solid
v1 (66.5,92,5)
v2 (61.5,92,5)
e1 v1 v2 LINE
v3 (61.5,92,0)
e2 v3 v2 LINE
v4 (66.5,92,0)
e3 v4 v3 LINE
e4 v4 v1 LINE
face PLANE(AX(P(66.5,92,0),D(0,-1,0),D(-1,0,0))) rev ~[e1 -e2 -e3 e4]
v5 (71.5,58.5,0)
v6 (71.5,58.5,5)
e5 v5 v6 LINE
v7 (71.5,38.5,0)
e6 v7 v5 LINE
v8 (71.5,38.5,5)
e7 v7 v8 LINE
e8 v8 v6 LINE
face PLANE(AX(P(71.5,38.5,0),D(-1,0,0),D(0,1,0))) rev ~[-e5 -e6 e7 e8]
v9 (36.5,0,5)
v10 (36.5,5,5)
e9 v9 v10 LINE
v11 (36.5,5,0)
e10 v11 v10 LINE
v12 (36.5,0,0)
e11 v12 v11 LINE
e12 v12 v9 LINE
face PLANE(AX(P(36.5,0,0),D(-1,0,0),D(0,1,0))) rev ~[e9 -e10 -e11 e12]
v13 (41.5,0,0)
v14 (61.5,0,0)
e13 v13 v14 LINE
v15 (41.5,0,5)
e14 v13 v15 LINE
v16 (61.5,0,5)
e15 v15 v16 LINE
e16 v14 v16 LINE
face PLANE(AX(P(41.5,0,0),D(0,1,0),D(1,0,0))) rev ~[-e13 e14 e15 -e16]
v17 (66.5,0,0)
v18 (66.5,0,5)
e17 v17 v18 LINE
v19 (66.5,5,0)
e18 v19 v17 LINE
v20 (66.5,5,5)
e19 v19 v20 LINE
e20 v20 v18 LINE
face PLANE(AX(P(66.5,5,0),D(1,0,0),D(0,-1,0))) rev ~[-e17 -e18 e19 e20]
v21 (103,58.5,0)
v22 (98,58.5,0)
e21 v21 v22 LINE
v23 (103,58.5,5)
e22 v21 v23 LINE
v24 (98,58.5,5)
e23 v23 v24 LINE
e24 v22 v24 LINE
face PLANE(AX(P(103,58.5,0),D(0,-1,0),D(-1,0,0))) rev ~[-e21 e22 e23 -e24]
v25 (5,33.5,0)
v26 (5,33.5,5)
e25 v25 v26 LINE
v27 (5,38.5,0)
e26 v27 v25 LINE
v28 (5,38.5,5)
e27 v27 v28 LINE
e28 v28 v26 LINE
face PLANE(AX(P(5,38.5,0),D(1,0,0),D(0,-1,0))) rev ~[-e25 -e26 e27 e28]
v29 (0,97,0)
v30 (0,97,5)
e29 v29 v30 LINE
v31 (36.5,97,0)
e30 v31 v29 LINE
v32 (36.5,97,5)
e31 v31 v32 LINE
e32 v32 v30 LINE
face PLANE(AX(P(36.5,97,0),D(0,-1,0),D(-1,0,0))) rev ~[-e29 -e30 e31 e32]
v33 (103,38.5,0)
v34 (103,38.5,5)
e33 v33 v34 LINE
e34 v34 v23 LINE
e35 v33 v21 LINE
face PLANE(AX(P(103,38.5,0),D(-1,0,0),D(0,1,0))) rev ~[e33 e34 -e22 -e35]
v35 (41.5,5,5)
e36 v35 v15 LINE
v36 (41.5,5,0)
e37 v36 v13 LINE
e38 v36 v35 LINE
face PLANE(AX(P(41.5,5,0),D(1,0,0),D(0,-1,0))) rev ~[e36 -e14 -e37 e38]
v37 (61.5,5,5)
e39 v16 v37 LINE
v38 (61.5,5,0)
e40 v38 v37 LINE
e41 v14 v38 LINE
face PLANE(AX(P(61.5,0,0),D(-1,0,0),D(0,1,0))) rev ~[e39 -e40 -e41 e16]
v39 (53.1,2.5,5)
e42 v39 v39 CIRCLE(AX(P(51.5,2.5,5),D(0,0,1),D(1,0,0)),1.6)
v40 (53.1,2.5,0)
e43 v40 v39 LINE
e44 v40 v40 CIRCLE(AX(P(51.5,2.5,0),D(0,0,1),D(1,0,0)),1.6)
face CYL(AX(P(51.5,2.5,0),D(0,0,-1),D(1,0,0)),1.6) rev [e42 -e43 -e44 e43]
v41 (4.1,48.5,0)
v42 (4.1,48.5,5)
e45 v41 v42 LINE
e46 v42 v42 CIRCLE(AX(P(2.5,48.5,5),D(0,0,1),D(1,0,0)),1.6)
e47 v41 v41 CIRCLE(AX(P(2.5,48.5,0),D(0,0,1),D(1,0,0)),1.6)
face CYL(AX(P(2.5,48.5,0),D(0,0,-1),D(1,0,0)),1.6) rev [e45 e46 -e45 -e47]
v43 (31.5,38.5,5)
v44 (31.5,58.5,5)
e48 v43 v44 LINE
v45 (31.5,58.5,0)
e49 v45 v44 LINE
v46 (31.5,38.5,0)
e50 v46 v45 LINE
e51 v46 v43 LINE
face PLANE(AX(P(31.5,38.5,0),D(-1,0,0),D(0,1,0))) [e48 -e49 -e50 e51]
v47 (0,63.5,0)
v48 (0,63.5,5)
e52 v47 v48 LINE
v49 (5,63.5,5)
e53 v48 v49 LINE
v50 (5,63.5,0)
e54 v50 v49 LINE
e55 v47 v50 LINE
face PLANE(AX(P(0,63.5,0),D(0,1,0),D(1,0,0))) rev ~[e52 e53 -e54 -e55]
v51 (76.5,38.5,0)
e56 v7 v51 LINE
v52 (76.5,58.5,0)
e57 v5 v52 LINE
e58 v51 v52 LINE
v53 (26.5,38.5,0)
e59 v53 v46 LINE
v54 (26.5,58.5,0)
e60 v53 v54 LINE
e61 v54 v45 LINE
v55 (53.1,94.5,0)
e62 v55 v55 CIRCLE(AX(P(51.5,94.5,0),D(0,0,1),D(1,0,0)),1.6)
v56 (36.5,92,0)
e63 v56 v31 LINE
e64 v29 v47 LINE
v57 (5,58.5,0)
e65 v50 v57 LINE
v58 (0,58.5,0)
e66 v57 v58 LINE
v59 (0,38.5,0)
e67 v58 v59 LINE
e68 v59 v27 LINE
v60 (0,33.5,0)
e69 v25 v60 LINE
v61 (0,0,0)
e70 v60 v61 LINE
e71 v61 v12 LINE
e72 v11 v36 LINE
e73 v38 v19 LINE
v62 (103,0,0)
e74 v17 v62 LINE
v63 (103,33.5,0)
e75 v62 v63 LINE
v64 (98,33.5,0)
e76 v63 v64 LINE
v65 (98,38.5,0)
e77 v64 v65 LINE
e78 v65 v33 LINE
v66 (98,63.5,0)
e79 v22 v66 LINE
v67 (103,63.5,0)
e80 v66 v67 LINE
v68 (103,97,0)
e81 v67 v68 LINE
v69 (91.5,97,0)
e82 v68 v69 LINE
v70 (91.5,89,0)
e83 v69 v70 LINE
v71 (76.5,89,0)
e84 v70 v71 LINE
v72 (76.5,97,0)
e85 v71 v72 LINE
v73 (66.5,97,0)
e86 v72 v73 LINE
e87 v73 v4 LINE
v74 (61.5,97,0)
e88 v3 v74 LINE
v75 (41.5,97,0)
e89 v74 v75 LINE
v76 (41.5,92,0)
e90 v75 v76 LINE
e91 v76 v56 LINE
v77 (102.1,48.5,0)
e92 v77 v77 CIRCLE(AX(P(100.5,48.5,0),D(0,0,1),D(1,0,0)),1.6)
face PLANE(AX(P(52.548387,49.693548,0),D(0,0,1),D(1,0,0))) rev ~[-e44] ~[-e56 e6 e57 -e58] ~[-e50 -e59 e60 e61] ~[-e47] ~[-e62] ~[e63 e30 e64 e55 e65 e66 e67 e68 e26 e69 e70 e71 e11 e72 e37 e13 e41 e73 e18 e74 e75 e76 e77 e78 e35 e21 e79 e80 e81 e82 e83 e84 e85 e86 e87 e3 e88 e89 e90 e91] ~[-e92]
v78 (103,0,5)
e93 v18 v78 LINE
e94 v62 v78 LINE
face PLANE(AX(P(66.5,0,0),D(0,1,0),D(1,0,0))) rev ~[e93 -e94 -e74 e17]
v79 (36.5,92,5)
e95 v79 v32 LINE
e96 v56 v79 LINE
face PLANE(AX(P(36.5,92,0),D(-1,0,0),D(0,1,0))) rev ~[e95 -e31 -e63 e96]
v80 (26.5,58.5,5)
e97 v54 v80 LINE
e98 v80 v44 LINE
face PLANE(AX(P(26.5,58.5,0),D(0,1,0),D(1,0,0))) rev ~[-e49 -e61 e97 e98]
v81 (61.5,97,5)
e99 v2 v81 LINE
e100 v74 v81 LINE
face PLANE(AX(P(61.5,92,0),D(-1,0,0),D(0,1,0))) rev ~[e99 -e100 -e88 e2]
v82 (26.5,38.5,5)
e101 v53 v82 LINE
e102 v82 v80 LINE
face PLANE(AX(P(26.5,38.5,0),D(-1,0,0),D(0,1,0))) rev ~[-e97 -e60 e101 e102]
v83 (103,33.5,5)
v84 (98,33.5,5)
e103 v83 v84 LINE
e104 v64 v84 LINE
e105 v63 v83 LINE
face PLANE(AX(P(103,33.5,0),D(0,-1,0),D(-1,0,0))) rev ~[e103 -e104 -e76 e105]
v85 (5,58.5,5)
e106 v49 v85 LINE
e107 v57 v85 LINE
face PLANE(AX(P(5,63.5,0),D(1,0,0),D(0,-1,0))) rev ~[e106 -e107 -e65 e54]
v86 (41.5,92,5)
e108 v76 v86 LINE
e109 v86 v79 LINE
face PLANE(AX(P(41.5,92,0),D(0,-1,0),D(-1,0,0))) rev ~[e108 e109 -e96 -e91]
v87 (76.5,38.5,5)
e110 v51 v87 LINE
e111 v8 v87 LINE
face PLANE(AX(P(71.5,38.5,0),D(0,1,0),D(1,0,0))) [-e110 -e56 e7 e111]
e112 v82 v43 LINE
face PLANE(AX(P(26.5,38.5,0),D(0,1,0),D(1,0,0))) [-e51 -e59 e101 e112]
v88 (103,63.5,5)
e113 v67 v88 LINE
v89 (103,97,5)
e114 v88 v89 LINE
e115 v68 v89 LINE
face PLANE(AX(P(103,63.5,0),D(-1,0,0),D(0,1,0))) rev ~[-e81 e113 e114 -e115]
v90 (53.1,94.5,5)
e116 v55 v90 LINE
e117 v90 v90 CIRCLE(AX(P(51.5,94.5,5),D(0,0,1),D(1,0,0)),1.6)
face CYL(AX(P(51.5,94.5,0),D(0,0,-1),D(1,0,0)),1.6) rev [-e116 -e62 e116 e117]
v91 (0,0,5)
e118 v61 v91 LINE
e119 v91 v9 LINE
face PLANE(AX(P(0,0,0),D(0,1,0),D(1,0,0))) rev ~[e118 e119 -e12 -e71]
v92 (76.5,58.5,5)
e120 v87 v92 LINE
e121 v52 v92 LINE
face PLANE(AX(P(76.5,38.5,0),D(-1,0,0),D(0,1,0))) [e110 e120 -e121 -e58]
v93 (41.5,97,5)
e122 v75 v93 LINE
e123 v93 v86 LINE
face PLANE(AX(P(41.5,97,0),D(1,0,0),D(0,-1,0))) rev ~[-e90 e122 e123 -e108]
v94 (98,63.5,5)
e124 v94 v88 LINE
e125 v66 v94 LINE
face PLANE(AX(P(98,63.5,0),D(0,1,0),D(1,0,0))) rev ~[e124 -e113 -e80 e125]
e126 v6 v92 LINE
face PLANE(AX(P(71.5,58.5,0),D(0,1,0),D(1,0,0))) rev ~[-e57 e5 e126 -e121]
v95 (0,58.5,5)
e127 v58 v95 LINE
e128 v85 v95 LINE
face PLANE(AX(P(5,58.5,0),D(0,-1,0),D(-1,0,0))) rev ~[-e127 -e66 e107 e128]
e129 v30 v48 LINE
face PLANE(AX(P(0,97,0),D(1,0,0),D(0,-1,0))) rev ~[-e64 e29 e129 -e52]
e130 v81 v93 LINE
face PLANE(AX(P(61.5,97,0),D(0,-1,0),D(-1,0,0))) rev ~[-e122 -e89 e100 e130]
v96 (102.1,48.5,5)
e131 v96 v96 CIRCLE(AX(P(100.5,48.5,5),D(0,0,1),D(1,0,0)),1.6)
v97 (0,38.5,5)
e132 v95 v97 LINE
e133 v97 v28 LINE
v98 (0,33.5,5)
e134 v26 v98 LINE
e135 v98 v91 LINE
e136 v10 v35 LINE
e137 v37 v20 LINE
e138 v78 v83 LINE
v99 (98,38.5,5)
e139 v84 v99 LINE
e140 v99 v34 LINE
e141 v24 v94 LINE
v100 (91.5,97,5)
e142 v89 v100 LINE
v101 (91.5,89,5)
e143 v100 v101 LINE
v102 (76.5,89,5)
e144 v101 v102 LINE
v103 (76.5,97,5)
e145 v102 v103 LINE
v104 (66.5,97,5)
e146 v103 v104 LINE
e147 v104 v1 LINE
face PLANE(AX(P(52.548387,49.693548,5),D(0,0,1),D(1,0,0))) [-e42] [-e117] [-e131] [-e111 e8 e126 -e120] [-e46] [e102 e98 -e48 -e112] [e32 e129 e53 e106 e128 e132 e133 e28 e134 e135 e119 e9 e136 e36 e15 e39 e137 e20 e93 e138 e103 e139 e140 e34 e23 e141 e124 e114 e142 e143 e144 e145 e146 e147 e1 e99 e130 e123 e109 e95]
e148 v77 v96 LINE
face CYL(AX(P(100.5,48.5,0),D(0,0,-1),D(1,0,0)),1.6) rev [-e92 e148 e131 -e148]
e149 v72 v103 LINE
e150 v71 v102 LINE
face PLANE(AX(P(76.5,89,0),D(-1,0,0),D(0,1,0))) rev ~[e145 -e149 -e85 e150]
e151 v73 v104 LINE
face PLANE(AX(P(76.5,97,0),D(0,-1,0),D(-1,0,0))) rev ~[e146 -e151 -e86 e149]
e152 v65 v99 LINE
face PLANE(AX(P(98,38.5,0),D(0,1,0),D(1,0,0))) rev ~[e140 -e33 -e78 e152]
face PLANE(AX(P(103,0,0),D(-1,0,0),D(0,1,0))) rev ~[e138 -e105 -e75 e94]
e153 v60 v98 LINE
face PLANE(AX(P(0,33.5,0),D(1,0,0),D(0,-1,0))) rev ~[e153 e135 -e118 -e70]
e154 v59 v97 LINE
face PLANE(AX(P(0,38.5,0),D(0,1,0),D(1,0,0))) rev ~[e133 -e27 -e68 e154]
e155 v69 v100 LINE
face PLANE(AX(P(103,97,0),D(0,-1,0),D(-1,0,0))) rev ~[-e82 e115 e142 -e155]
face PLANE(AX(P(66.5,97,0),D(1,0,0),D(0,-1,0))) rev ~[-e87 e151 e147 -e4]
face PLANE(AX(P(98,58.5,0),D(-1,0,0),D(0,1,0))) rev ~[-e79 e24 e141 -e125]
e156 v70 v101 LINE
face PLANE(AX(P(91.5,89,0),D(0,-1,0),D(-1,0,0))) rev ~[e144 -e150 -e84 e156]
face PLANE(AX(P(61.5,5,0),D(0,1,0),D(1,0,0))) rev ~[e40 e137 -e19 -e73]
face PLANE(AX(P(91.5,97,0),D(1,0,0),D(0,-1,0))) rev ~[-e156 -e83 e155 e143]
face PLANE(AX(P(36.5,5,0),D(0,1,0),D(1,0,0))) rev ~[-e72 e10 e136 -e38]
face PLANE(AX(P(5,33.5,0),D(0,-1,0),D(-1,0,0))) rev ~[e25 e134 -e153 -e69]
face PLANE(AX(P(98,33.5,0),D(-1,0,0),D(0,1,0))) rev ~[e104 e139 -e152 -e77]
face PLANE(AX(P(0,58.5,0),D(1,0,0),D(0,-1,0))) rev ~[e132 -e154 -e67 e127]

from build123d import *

# Parameters (mm, degrees)
F1_R     = 1.6
F1_W     = 5
F1_H     = 20
F2_DEPTH = 5


with BuildPart() as f2:
    # F1 (on Top) → F2 (new body)
    with BuildSketch(Plane.XY):
        Polygon((41.5, 97), (41.5, 92), (36.5, 92), (36.5, 97), (0, 97), (0, 63.5), (5, 63.5), (5, 58.5), (0, 58.5), (0, 38.5), (5, 38.5), (5, 33.5), (0, 33.5), (0, 0), (36.5, 0), (36.5, 5), (41.5, 5), (41.5, 0), (61.5, 0), (61.5, 5), (66.5, 5), (66.5, 0), (103, 0), (103, 33.5), (98, 33.5), (98, 38.5), (103, 38.5), (103, 58.5), (98, 58.5), (98, 63.5), (103, 63.5), (103, 97), (91.5, 97), (91.5, 89), (76.5, 89), (76.5, 97), (66.5, 97), (66.5, 92), (61.5, 92), (61.5, 97), align=None)
        with Locations((51.5, 2.5)):
            Circle(F1_R, mode=Mode.SUBTRACT)
        with Locations((2.5, 48.5)):
            Circle(F1_R, mode=Mode.SUBTRACT)
        with Locations((29, 48.5)):
            Rectangle(F1_W, F1_H, mode=Mode.SUBTRACT)
        with Locations((51.5, 94.5)):
            Circle(F1_R, mode=Mode.SUBTRACT)
        with Locations((74, 48.5)):
            Rectangle(F1_W, F1_H, mode=Mode.SUBTRACT)
        with Locations((100.5, 48.5)):
            Circle(F1_R, mode=Mode.SUBTRACT)
    extrude(amount=F2_DEPTH)


solid = f2.part
